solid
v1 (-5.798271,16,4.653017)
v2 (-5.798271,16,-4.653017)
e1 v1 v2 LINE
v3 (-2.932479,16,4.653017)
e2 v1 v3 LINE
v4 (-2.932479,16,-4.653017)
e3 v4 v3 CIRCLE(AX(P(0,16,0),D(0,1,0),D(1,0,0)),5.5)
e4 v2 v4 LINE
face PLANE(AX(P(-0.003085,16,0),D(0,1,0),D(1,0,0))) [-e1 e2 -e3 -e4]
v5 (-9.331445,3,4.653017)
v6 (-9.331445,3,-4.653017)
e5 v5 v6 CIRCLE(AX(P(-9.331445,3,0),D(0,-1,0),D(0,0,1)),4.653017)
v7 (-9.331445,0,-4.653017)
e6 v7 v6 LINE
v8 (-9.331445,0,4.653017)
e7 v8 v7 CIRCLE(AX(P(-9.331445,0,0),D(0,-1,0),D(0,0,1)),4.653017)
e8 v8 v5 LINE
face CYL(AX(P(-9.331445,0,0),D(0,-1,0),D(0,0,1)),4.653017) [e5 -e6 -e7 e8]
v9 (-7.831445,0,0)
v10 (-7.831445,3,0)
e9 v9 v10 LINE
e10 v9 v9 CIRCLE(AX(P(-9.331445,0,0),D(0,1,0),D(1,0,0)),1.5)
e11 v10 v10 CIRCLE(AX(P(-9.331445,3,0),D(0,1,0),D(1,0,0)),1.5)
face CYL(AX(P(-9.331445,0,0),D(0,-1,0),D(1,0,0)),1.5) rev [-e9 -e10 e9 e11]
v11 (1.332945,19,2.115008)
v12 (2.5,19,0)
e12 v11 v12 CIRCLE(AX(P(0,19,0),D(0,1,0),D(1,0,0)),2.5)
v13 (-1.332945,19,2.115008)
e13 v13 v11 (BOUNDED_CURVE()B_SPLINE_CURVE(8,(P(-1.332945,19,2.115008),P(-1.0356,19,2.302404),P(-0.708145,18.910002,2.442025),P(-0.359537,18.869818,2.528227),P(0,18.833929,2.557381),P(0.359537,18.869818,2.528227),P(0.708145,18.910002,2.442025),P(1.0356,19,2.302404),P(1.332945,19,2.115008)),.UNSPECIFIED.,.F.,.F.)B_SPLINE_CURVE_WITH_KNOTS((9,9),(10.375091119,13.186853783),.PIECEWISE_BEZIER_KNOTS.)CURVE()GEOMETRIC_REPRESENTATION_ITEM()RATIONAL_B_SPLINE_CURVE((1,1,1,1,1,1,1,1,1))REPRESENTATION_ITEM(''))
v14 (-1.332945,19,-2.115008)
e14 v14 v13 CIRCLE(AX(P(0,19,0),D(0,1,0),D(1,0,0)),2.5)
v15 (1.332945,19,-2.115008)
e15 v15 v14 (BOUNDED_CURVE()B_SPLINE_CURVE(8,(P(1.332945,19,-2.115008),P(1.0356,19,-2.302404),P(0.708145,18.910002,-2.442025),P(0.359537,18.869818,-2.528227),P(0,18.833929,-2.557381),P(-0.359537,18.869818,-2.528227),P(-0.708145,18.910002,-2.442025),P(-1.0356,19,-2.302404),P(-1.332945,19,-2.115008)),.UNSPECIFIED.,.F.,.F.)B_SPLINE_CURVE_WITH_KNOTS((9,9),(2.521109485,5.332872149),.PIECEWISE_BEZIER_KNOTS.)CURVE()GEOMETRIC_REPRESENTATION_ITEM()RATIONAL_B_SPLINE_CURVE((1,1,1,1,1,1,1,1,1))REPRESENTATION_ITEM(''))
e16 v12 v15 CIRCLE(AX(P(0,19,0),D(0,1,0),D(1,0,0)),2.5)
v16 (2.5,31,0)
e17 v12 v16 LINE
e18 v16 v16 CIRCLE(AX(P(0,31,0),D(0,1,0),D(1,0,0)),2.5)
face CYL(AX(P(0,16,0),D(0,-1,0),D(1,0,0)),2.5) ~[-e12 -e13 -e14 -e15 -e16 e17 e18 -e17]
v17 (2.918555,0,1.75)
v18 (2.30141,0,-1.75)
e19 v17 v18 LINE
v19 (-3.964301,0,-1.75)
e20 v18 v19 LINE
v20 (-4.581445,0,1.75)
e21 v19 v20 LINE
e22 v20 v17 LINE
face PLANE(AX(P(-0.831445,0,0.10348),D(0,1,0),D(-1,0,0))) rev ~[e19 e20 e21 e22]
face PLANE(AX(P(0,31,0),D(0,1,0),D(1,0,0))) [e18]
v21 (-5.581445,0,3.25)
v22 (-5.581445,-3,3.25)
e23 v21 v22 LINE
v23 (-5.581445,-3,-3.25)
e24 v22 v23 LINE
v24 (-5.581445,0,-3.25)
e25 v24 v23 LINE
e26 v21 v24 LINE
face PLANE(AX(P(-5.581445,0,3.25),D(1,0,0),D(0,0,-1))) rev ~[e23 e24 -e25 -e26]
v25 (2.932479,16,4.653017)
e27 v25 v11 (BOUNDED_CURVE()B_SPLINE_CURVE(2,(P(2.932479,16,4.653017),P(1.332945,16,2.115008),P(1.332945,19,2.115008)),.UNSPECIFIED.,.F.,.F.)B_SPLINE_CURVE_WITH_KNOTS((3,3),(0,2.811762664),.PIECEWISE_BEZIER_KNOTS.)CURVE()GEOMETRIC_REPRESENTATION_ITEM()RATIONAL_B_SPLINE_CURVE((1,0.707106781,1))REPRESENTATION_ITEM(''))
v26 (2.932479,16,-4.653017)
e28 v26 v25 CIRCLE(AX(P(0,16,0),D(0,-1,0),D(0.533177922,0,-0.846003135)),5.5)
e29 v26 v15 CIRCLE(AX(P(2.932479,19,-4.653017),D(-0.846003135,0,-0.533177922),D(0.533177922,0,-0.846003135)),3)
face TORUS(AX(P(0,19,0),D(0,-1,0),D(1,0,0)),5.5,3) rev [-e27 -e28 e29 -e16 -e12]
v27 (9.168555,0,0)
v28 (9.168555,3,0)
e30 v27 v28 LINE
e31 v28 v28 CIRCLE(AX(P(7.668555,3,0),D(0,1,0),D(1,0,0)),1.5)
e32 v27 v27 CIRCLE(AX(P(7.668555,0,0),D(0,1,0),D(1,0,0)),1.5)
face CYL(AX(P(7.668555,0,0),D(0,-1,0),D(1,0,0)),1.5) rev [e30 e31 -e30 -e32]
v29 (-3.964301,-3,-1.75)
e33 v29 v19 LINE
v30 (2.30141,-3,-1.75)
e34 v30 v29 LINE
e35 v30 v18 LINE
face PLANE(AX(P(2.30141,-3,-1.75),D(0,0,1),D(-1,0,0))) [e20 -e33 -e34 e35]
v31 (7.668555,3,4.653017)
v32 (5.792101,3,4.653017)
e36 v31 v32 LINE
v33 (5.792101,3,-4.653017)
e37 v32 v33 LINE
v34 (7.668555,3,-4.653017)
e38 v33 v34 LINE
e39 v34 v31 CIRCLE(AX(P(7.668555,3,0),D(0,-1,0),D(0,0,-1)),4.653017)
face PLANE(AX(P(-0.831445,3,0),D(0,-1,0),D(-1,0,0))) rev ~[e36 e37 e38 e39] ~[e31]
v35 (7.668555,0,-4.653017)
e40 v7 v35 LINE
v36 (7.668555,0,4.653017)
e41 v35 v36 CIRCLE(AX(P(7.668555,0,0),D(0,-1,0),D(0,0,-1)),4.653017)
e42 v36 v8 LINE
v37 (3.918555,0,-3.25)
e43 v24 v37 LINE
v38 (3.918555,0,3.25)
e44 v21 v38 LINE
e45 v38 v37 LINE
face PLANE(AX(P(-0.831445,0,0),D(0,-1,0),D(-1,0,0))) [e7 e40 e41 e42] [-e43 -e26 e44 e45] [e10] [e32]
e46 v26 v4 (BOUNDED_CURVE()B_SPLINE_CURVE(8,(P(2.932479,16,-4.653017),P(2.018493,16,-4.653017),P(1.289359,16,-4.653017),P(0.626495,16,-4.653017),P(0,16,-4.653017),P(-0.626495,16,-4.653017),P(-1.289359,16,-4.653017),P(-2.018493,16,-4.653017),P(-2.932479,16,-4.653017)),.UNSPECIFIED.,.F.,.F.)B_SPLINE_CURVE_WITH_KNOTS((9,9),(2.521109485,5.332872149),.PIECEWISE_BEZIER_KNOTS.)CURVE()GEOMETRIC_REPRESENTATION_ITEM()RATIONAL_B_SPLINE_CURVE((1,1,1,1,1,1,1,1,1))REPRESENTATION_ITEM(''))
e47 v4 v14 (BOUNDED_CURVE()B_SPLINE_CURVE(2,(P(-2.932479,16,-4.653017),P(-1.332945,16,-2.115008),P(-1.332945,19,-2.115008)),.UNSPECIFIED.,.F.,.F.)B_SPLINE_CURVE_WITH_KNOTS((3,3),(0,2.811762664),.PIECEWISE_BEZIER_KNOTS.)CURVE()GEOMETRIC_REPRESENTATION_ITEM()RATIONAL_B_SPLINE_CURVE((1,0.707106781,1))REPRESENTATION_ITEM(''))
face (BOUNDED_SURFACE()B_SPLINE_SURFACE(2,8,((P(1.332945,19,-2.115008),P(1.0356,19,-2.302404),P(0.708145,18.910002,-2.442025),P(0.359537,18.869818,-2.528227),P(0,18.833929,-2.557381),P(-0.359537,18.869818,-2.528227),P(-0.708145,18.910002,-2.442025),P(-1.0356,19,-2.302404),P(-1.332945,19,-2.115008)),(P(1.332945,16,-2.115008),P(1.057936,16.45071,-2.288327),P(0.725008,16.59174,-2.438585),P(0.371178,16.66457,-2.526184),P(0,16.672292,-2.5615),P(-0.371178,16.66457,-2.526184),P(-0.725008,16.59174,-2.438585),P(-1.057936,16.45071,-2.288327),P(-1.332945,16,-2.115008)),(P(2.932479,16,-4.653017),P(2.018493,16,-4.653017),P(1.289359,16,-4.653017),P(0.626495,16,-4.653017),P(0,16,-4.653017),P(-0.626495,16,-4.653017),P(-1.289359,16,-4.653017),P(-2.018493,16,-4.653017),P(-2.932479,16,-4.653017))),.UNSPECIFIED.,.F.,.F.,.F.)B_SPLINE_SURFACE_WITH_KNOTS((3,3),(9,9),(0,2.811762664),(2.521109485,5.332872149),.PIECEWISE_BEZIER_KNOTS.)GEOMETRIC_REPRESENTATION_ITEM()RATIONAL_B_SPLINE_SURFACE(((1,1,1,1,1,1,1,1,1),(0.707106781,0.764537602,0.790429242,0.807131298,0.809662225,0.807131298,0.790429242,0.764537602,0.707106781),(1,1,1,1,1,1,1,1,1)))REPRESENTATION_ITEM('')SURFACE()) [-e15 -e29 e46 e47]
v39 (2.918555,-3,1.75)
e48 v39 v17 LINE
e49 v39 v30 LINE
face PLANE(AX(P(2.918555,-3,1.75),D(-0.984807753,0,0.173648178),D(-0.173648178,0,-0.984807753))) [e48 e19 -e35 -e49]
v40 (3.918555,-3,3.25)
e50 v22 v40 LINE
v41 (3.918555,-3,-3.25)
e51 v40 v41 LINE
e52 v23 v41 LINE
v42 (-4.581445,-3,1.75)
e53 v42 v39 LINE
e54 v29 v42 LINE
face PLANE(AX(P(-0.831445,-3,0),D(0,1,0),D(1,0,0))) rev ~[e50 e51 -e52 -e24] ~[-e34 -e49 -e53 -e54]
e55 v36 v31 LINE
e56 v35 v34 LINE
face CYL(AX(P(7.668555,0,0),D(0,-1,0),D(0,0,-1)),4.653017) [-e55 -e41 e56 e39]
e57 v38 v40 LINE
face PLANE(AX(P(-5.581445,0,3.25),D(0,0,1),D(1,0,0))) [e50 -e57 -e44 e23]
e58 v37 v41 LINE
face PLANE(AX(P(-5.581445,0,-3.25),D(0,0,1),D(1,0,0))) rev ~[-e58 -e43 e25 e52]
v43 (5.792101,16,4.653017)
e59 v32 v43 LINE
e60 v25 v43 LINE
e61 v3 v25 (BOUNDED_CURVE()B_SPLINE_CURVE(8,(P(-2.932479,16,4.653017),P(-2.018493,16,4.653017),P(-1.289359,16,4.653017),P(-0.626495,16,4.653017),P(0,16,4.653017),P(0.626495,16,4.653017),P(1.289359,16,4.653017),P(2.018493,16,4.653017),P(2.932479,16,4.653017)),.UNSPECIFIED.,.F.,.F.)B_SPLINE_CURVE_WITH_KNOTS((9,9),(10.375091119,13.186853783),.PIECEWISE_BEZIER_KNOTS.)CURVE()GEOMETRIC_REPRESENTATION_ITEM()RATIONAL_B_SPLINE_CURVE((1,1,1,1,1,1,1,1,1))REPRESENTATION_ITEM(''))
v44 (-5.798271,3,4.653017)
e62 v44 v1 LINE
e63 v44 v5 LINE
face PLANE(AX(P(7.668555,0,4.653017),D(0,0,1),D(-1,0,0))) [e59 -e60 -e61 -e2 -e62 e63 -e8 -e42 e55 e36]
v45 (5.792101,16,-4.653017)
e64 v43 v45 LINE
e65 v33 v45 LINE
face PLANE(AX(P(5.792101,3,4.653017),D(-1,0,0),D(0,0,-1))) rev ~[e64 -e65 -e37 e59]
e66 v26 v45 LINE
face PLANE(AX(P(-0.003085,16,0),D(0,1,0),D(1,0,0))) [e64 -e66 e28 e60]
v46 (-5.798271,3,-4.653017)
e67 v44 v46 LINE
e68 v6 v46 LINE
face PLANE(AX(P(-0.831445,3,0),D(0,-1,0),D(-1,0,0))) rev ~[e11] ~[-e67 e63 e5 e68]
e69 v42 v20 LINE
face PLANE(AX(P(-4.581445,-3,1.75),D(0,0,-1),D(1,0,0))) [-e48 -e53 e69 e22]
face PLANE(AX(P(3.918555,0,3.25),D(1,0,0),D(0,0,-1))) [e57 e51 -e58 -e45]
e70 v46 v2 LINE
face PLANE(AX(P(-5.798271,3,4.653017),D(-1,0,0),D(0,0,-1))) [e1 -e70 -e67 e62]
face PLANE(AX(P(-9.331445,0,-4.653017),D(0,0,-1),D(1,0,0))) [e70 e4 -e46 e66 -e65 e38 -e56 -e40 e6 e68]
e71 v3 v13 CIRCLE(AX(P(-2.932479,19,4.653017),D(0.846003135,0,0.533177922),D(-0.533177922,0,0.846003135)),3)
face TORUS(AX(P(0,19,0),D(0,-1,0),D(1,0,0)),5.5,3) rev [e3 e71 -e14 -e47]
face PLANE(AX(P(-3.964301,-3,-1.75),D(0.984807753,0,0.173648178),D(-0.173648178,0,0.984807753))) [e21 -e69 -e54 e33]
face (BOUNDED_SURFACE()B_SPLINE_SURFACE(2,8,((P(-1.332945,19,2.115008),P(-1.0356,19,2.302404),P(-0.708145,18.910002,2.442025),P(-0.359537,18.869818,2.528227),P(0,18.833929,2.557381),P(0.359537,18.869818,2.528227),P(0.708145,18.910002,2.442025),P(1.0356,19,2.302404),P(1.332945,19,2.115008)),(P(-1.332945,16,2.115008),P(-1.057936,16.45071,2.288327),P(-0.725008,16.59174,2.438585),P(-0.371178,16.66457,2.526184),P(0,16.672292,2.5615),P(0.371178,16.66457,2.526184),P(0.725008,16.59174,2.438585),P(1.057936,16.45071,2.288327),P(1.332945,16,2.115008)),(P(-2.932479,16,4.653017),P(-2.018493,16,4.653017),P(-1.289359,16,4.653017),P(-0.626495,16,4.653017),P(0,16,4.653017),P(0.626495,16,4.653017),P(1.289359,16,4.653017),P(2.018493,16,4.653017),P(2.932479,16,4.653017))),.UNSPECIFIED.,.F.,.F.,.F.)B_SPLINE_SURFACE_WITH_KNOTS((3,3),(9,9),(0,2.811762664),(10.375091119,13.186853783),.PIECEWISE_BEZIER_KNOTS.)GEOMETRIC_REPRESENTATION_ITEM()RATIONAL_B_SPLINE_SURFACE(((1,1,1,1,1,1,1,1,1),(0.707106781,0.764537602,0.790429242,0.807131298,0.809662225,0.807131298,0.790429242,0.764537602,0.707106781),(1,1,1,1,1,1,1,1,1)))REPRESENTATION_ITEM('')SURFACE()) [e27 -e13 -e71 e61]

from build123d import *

# Parameters (mm, degrees)
EXTRUDE_1_DEPTH     = 3
SKETCH_1_3_W        = 9.5
SKETCH_1_3_H        = 6.5
EXTRUDE_2_DEPTH     = 3
SKETCH_1_4_R        = 1.5
CUT_EXTRUDE_1_DEPTH = 3
CUT_EXTRUDE_2_DEPTH = 3
SKETCH_3_W          = 11.590372196
SKETCH_3_H          = 9.306034482
EXTRUDE_3_DEPTH     = 13
SKETCH_4_R          = 2.5
EXTRUDE_4_DEPTH     = 15
FILLET_1_R          = 3


with BuildPart() as part:
    # 草图1 → 凸台-拉伸1 (new body)
    with BuildSketch(Plane(origin=(0, 0, 0), x_dir=(1, 0, 0), z_dir=(0, 1, 0))):
        with BuildLine():
            Line((-9.33144513, 4.653017241), (7.66855487, 4.653017241))
            ThreePointArc((7.66855487, 4.653017241), (12.321572111, 0), (7.66855487, -4.653017241))
            Line((7.66855487, -4.653017241), (-9.33144513, -4.653017241))
            ThreePointArc((-9.33144513, -4.653017241), (-13.984462372, 0), (-9.33144513, 4.653017241))
        make_face()
    extrude(amount=EXTRUDE_1_DEPTH)

    # 草图1<3> → 凸台-拉伸2 (add)
    with BuildSketch(Plane(origin=(0, 0, 0), x_dir=(1, 0, 0), z_dir=(0, 1, 0))):
        with Locations((-0.83144513, 0)):
            Rectangle(SKETCH_1_3_W, SKETCH_1_3_H)
    extrude(amount=-EXTRUDE_2_DEPTH)

    # 草图1<4> → 切除-拉伸1 (cut)
    with BuildSketch(Plane(origin=(0, 0, 0), x_dir=(1, 0, 0), z_dir=(0, 1, 0))):
        with Locations((-9.33144513, 0)):
            Circle(SKETCH_1_4_R)
        with Locations((7.66855487, 0)):
            Circle(SKETCH_1_4_R)
    extrude(amount=CUT_EXTRUDE_1_DEPTH, mode=Mode.SUBTRACT)

    # 草图2 → 切除-拉伸2 (cut)
    with BuildSketch(Plane.XZ.offset(3)):
        Polygon((-4.58144513, 1.75), (2.91855487, 1.75), (2.301410437, -1.75), (-3.964300698, -1.75), align=None)
    extrude(amount=-CUT_EXTRUDE_2_DEPTH, mode=Mode.SUBTRACT)

    # 草图3 → 凸台-拉伸3 (add)
    with BuildSketch(Plane(origin=(0, 3, 0), x_dir=(1, 0, 0), z_dir=(0, 1, 0))):
        with Locations((-0.00308465, 0)):
            Rectangle(SKETCH_3_W, SKETCH_3_H)
    extrude(amount=EXTRUDE_3_DEPTH)

    # 草图4 → 凸台-拉伸4 (add)
    with BuildSketch(Plane(origin=(0, 16, 0), x_dir=(1, 0, 0), z_dir=(0, 1, 0))):
        Circle(SKETCH_4_R)
    extrude(amount=EXTRUDE_4_DEPTH)

    # 圆角1
    fillet_1_edges = [part.edges().sort_by_distance(p)[0] for p in [
        (-2.5, 16, 0),
    ]]
    fillet(fillet_1_edges, radius=FILLET_1_R)


solid = part.part
